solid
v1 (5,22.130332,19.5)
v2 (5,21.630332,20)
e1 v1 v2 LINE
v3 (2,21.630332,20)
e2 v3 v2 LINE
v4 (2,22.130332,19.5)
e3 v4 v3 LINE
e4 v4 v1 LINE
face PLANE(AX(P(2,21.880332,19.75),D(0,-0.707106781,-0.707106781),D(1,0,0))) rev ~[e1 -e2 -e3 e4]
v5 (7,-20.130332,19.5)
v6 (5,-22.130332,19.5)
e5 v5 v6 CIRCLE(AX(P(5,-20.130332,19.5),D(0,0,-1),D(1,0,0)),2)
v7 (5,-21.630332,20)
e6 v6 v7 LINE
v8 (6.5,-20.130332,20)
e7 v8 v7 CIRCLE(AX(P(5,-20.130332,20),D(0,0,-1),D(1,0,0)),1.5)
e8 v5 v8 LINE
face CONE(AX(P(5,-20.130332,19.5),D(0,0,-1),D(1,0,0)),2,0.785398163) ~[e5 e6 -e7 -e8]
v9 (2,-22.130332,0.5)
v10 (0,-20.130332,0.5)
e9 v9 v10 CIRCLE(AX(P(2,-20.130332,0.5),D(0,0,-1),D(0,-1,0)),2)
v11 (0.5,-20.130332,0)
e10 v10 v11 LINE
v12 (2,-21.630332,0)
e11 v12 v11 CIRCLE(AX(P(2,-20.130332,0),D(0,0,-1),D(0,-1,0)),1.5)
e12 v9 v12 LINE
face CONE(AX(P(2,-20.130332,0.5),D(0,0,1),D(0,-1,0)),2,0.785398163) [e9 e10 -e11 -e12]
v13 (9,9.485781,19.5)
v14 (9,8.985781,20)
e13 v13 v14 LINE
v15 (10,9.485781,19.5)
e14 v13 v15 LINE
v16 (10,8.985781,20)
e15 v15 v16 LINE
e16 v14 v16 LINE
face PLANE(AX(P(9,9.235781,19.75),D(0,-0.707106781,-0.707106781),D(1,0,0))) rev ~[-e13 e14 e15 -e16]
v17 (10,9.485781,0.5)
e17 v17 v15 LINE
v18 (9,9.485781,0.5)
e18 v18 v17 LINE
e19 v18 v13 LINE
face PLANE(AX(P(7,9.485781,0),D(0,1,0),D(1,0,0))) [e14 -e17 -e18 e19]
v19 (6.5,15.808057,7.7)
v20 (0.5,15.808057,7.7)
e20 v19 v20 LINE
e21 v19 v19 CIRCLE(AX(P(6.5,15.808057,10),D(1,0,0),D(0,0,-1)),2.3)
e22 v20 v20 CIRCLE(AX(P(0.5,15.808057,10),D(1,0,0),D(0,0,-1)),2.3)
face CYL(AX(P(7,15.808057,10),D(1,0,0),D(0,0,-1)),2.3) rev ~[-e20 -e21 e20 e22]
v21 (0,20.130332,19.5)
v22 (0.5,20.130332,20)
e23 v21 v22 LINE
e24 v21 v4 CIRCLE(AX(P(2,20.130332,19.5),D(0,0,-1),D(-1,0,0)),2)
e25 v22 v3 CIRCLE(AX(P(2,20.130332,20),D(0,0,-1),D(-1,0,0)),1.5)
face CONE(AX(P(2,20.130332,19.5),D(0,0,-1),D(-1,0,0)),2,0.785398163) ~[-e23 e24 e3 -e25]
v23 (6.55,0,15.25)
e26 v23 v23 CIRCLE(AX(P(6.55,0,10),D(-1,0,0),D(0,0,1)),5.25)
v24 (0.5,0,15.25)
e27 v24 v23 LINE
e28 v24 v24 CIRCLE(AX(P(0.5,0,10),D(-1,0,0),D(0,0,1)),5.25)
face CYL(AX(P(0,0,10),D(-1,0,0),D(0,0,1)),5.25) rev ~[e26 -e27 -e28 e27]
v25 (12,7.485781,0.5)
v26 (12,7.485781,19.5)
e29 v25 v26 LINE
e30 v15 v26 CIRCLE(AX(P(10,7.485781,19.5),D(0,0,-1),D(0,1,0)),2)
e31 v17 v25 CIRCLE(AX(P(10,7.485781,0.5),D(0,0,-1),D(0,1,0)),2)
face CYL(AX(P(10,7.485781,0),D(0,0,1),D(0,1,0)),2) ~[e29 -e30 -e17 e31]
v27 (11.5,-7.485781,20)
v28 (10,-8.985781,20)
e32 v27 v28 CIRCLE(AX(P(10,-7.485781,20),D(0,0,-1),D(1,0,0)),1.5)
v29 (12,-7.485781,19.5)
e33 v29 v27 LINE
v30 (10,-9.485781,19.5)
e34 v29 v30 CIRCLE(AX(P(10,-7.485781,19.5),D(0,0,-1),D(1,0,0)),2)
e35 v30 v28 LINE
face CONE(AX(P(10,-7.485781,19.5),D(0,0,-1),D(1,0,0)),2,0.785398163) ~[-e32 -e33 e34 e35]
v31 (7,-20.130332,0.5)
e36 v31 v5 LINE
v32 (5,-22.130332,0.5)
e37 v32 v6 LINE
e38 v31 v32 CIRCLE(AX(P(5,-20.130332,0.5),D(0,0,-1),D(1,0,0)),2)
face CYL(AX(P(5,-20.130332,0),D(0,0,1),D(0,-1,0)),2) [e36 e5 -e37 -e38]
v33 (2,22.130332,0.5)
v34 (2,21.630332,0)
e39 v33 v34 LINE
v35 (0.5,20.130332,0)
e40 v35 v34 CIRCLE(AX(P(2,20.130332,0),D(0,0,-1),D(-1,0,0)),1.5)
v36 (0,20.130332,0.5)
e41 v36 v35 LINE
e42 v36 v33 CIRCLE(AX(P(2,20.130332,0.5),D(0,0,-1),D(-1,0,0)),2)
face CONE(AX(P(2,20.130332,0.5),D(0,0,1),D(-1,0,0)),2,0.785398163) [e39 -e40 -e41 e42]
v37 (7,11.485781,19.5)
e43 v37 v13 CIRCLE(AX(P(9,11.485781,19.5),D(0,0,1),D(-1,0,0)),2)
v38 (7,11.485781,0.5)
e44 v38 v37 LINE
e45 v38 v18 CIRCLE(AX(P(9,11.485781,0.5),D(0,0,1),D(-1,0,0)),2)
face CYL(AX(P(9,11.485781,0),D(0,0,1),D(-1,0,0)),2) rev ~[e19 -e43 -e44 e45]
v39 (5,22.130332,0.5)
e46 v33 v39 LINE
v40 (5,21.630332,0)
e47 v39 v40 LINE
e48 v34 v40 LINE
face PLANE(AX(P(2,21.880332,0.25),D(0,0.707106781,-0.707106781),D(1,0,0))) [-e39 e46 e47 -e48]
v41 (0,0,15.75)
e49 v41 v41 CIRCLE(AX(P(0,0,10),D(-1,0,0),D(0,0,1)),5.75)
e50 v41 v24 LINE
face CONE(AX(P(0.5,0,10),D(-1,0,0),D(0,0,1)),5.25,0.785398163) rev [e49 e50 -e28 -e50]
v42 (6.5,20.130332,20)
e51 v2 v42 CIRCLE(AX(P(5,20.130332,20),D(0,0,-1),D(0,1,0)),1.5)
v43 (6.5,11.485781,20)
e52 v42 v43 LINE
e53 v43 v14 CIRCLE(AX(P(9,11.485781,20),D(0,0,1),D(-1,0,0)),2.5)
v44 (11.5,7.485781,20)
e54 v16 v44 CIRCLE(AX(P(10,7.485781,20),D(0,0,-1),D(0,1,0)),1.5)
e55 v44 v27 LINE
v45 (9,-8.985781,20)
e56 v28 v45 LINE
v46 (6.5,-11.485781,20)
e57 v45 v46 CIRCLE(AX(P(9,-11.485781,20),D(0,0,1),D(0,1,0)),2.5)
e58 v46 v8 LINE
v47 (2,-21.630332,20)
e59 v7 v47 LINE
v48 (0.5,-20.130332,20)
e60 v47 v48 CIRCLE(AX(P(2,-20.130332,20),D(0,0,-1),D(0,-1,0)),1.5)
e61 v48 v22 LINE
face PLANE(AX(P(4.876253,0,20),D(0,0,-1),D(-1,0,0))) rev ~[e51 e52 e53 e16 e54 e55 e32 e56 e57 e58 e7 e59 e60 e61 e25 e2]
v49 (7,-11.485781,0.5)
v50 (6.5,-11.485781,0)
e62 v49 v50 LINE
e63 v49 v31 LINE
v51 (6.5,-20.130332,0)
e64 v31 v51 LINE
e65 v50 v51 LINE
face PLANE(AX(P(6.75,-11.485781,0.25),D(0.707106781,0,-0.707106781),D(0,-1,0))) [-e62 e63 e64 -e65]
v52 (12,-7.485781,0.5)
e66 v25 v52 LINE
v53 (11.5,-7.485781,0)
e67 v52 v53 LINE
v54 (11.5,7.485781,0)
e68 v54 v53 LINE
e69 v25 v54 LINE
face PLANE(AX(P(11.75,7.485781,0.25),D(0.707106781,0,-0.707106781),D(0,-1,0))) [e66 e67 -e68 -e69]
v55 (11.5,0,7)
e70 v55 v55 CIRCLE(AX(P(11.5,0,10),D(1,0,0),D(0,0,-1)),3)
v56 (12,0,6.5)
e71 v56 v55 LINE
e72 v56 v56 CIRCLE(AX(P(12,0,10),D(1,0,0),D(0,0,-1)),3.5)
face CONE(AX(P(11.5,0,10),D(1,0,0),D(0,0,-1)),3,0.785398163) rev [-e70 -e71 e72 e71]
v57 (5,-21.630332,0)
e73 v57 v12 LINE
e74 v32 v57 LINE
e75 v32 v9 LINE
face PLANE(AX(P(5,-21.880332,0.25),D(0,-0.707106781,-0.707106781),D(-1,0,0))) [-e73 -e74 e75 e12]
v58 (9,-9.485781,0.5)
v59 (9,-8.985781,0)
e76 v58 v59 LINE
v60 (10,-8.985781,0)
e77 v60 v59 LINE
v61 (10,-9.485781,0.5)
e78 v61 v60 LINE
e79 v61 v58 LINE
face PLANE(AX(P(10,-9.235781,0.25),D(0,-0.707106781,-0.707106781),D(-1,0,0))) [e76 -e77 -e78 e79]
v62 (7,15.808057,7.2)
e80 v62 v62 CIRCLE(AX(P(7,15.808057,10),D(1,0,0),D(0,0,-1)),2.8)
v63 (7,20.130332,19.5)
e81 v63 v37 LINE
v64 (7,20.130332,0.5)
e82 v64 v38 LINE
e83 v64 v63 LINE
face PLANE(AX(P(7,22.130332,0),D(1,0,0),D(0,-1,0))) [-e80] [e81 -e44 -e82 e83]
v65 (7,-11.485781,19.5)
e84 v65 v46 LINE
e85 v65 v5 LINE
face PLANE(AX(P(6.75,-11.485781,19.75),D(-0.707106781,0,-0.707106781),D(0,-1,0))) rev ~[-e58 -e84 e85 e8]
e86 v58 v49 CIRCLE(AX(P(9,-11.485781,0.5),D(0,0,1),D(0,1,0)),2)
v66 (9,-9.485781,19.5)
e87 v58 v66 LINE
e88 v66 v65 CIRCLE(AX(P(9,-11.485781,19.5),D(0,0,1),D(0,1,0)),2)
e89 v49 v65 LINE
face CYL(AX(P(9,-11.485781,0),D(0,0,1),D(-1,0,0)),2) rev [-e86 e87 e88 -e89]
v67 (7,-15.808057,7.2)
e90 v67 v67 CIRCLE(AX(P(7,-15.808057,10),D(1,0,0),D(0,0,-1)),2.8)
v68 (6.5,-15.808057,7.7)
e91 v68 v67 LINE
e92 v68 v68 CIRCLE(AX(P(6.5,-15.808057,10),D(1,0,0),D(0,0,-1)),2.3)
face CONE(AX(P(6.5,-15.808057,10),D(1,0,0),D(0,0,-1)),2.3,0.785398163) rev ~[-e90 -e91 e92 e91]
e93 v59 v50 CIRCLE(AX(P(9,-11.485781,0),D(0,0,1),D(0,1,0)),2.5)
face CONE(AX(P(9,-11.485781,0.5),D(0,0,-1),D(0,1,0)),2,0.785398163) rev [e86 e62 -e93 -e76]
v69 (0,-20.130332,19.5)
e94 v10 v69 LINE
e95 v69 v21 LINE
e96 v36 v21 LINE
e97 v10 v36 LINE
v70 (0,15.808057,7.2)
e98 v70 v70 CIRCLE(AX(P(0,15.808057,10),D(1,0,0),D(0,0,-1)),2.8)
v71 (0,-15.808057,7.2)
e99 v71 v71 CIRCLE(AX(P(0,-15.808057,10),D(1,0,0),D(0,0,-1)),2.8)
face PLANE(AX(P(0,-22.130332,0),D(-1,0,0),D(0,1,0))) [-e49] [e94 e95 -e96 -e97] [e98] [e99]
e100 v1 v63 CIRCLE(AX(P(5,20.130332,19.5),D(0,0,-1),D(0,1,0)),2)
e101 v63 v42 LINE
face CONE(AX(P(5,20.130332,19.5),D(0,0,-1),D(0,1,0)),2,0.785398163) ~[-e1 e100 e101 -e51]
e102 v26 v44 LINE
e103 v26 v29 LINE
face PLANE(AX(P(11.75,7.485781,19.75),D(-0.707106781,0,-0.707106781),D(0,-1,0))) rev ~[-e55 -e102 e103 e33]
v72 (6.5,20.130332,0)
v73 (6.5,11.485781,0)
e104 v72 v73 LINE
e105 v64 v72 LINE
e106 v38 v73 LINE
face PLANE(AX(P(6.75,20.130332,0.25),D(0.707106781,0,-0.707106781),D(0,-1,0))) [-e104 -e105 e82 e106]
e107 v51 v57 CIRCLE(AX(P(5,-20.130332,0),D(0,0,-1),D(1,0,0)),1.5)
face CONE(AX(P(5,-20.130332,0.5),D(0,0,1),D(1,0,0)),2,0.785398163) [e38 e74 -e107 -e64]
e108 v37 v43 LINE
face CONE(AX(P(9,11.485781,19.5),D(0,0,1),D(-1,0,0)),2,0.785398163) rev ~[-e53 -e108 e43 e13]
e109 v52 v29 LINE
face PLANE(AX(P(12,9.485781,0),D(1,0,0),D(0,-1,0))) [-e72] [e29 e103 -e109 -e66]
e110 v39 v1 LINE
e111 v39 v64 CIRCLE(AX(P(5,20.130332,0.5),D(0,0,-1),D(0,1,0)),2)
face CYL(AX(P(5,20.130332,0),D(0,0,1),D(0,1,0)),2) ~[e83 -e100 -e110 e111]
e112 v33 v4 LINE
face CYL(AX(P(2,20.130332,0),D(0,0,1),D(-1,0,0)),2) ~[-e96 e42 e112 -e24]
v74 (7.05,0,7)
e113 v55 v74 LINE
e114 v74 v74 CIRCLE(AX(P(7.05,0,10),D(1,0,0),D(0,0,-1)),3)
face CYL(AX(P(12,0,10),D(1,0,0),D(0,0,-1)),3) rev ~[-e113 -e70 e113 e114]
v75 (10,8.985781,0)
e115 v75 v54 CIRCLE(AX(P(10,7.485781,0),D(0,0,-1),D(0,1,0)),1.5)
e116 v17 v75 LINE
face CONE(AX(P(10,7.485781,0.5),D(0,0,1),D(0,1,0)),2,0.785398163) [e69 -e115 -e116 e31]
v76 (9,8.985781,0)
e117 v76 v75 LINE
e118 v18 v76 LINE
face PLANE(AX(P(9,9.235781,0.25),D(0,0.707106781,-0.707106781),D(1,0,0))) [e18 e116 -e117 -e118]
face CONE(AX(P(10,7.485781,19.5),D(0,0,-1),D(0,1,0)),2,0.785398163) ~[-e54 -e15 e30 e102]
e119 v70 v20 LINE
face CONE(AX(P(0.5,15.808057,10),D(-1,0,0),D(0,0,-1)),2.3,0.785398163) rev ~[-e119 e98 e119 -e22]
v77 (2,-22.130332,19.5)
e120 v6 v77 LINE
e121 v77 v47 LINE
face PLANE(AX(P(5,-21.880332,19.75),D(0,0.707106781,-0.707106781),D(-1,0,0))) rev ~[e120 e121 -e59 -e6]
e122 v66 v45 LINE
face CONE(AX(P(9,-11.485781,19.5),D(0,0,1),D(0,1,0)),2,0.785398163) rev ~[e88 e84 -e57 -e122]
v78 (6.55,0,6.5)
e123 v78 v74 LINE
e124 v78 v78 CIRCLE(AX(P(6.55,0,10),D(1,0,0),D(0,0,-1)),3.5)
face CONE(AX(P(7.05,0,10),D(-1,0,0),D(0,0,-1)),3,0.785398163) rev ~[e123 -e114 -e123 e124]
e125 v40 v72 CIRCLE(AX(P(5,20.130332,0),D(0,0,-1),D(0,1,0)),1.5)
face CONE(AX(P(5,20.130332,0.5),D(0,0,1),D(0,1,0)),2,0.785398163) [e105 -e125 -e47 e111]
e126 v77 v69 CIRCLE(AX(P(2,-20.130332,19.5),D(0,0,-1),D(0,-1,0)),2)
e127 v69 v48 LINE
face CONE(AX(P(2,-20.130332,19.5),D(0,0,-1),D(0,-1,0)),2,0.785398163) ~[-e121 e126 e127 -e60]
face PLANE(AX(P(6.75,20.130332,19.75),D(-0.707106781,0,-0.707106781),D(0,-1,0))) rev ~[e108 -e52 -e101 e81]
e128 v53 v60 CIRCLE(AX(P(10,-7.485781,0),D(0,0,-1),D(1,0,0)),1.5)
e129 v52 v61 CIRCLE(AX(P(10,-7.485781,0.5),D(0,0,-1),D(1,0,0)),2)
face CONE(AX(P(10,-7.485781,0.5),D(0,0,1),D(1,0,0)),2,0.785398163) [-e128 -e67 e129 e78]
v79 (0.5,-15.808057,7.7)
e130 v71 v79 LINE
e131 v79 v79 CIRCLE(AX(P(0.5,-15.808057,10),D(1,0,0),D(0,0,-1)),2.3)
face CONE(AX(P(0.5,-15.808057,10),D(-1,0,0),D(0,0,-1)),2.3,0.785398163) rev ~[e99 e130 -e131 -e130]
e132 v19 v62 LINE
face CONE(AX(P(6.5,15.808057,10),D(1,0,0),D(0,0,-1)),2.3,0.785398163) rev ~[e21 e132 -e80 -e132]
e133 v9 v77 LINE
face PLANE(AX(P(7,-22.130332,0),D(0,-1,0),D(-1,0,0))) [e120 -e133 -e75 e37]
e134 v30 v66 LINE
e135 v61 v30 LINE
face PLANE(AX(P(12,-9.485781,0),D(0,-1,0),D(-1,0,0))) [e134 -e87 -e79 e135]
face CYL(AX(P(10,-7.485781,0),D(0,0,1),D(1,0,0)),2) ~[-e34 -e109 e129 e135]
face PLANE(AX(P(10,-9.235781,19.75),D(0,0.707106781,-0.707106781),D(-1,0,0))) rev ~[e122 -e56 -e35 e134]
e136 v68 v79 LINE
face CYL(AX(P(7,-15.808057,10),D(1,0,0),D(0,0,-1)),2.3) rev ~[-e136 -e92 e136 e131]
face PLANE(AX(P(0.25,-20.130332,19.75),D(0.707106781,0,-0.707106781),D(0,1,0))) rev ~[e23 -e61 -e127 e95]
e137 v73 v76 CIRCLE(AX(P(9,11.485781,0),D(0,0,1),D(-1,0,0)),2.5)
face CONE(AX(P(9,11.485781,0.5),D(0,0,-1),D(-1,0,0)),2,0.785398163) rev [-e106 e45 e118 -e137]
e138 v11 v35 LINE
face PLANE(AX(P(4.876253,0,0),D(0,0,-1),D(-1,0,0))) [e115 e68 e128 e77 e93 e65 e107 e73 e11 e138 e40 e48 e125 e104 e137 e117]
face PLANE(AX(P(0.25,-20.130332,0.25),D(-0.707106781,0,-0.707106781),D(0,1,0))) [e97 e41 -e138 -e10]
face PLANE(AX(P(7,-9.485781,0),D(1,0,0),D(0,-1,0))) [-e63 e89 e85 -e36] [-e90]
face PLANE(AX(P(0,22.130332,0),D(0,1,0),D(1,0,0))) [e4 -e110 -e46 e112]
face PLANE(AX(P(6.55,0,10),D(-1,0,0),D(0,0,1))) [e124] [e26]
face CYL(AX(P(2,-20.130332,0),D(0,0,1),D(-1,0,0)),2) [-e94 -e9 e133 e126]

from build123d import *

# Parameters (mm, degrees)
AUFSATZ_LINEAR_AUSTRAGEN1_DEPTH = 20
SKIZZE2_R                       = 3
SCHNITT_LINEAR_AUSTRAGEN1_DEPTH = 20
SKIZZE3_R                       = 5.25
SCHNITT_LINEAR_AUSTRAGEN2_DEPTH = 6.55
SKIZZE4_R                       = 2.3
SCHNITT_LINEAR_AUSTRAGEN3_DEPTH = 10
VERRUNDUNG1_R                   = 2
FASE1_SIZE                      = 0.5


with BuildPart() as part:
    # Skizze1 → Aufsatz-Linear austragen1 (new body)
    with BuildSketch(Plane.XY):
        Polygon((0, -22.130332374), (0, 22.130332374), (7, 22.130332374), (7, 9.485781443), (12, 9.485781443), (12, -9.485781443), (7, -9.485781443), (7, -22.130332374), align=None)
    extrude(amount=AUFSATZ_LINEAR_AUSTRAGEN1_DEPTH)

    # Skizze2 → Schnitt-Linear austragen1 (cut)
    with BuildSketch(Plane(origin=(12, 0, 0), x_dir=(0, 0, -1), z_dir=(1, 0, 0))):
        with Locations((-10, 0)):
            Circle(SKIZZE2_R)
    extrude(amount=-SCHNITT_LINEAR_AUSTRAGEN1_DEPTH, mode=Mode.SUBTRACT)

    # Skizze3 → Schnitt-Linear austragen2 (cut)
    with BuildSketch(Plane.ZY):
        with Locations((10, 0)):
            Circle(SKIZZE3_R)
    extrude(amount=-SCHNITT_LINEAR_AUSTRAGEN2_DEPTH, mode=Mode.SUBTRACT)

    # Skizze4 → Schnitt-Linear austragen3 (cut)
    with BuildSketch(Plane(origin=(7, 0, 0), x_dir=(0, 0, -1), z_dir=(1, 0, 0))):
        with Locations((-10, -15.808056909)):
            Circle(SKIZZE4_R)
        with Locations((-10, 15.808056909)):
            Circle(SKIZZE4_R)
    extrude(amount=-SCHNITT_LINEAR_AUSTRAGEN3_DEPTH, mode=Mode.SUBTRACT)

    # Verrundung1
    verrundung1_edges = [part.edges().sort_by_distance(p)[0] for p in [
        (7, -9.485781443, 10),
        (7, -22.130332374, 10),
        (0, -22.130332374, 10),
        (0, 22.130332374, 10),
        (7, 22.130332374, 10),
        (7, 9.485781443, 10),
        (12, 9.485781443, 10),
        (12, -9.485781443, 10),
    ]]
    fillet(verrundung1_edges, radius=VERRUNDUNG1_R)

    # Fase1
    fase1_edges = [part.edges().sort_by_distance(p)[0] for p in [
        (12, 0, 13),
        (0, 0, 4.75),
        (6.55, 0, 13),
        (0, -15.808056909, 12.3),
        (7, -15.808056909, 12.3),
        (0, 15.808056909, 12.3),
        (7, 15.808056909, 12.3),
        (0, 0, 0),
        (0, 0, 20),
        (9.5, -9.485781443, 0),
        (7, -15.808056909, 0),
        (3.5, -22.130332374, 0),
        (3.5, 22.130332374, 0),
        (7, 15.808056909, 0),
        (9.5, 9.485781443, 0),
        (12, 0, 0),
        (0.585786438, -21.544545937, 0),
        (6.414213562, -21.544545937, 0),
        (11.414213562, -8.899995006, 0),
        (11.414213562, 8.899995006, 0),
        (6.414213562, 21.544545937, 0),
        (0.585786438, 21.544545937, 0),
        (3.5, 22.130332374, 20),
        (9.5, -9.485781443, 20),
        (12, 0, 20),
        (9.5, 9.485781443, 20),
        (7, 15.808056909, 20),
        (3.5, -22.130332374, 20),
        (7, -15.808056909, 20),
        (0.585786438, -21.544545937, 20),
        (6.414213562, -21.544545937, 20),
        (11.414213562, -8.899995006, 20),
        (11.414213562, 8.899995006, 20),
        (6.414213562, 21.544545937, 20),
        (0.585786438, 21.544545937, 20),
        (7.585786438, -10.071567881, 0),
        (7.585786438, -10.071567881, 20),
        (7.585786438, 10.071567881, 0),
        (7.585786438, 10.071567881, 20),
    ]]
    chamfer(fase1_edges, length=FASE1_SIZE)


solid = part.part
